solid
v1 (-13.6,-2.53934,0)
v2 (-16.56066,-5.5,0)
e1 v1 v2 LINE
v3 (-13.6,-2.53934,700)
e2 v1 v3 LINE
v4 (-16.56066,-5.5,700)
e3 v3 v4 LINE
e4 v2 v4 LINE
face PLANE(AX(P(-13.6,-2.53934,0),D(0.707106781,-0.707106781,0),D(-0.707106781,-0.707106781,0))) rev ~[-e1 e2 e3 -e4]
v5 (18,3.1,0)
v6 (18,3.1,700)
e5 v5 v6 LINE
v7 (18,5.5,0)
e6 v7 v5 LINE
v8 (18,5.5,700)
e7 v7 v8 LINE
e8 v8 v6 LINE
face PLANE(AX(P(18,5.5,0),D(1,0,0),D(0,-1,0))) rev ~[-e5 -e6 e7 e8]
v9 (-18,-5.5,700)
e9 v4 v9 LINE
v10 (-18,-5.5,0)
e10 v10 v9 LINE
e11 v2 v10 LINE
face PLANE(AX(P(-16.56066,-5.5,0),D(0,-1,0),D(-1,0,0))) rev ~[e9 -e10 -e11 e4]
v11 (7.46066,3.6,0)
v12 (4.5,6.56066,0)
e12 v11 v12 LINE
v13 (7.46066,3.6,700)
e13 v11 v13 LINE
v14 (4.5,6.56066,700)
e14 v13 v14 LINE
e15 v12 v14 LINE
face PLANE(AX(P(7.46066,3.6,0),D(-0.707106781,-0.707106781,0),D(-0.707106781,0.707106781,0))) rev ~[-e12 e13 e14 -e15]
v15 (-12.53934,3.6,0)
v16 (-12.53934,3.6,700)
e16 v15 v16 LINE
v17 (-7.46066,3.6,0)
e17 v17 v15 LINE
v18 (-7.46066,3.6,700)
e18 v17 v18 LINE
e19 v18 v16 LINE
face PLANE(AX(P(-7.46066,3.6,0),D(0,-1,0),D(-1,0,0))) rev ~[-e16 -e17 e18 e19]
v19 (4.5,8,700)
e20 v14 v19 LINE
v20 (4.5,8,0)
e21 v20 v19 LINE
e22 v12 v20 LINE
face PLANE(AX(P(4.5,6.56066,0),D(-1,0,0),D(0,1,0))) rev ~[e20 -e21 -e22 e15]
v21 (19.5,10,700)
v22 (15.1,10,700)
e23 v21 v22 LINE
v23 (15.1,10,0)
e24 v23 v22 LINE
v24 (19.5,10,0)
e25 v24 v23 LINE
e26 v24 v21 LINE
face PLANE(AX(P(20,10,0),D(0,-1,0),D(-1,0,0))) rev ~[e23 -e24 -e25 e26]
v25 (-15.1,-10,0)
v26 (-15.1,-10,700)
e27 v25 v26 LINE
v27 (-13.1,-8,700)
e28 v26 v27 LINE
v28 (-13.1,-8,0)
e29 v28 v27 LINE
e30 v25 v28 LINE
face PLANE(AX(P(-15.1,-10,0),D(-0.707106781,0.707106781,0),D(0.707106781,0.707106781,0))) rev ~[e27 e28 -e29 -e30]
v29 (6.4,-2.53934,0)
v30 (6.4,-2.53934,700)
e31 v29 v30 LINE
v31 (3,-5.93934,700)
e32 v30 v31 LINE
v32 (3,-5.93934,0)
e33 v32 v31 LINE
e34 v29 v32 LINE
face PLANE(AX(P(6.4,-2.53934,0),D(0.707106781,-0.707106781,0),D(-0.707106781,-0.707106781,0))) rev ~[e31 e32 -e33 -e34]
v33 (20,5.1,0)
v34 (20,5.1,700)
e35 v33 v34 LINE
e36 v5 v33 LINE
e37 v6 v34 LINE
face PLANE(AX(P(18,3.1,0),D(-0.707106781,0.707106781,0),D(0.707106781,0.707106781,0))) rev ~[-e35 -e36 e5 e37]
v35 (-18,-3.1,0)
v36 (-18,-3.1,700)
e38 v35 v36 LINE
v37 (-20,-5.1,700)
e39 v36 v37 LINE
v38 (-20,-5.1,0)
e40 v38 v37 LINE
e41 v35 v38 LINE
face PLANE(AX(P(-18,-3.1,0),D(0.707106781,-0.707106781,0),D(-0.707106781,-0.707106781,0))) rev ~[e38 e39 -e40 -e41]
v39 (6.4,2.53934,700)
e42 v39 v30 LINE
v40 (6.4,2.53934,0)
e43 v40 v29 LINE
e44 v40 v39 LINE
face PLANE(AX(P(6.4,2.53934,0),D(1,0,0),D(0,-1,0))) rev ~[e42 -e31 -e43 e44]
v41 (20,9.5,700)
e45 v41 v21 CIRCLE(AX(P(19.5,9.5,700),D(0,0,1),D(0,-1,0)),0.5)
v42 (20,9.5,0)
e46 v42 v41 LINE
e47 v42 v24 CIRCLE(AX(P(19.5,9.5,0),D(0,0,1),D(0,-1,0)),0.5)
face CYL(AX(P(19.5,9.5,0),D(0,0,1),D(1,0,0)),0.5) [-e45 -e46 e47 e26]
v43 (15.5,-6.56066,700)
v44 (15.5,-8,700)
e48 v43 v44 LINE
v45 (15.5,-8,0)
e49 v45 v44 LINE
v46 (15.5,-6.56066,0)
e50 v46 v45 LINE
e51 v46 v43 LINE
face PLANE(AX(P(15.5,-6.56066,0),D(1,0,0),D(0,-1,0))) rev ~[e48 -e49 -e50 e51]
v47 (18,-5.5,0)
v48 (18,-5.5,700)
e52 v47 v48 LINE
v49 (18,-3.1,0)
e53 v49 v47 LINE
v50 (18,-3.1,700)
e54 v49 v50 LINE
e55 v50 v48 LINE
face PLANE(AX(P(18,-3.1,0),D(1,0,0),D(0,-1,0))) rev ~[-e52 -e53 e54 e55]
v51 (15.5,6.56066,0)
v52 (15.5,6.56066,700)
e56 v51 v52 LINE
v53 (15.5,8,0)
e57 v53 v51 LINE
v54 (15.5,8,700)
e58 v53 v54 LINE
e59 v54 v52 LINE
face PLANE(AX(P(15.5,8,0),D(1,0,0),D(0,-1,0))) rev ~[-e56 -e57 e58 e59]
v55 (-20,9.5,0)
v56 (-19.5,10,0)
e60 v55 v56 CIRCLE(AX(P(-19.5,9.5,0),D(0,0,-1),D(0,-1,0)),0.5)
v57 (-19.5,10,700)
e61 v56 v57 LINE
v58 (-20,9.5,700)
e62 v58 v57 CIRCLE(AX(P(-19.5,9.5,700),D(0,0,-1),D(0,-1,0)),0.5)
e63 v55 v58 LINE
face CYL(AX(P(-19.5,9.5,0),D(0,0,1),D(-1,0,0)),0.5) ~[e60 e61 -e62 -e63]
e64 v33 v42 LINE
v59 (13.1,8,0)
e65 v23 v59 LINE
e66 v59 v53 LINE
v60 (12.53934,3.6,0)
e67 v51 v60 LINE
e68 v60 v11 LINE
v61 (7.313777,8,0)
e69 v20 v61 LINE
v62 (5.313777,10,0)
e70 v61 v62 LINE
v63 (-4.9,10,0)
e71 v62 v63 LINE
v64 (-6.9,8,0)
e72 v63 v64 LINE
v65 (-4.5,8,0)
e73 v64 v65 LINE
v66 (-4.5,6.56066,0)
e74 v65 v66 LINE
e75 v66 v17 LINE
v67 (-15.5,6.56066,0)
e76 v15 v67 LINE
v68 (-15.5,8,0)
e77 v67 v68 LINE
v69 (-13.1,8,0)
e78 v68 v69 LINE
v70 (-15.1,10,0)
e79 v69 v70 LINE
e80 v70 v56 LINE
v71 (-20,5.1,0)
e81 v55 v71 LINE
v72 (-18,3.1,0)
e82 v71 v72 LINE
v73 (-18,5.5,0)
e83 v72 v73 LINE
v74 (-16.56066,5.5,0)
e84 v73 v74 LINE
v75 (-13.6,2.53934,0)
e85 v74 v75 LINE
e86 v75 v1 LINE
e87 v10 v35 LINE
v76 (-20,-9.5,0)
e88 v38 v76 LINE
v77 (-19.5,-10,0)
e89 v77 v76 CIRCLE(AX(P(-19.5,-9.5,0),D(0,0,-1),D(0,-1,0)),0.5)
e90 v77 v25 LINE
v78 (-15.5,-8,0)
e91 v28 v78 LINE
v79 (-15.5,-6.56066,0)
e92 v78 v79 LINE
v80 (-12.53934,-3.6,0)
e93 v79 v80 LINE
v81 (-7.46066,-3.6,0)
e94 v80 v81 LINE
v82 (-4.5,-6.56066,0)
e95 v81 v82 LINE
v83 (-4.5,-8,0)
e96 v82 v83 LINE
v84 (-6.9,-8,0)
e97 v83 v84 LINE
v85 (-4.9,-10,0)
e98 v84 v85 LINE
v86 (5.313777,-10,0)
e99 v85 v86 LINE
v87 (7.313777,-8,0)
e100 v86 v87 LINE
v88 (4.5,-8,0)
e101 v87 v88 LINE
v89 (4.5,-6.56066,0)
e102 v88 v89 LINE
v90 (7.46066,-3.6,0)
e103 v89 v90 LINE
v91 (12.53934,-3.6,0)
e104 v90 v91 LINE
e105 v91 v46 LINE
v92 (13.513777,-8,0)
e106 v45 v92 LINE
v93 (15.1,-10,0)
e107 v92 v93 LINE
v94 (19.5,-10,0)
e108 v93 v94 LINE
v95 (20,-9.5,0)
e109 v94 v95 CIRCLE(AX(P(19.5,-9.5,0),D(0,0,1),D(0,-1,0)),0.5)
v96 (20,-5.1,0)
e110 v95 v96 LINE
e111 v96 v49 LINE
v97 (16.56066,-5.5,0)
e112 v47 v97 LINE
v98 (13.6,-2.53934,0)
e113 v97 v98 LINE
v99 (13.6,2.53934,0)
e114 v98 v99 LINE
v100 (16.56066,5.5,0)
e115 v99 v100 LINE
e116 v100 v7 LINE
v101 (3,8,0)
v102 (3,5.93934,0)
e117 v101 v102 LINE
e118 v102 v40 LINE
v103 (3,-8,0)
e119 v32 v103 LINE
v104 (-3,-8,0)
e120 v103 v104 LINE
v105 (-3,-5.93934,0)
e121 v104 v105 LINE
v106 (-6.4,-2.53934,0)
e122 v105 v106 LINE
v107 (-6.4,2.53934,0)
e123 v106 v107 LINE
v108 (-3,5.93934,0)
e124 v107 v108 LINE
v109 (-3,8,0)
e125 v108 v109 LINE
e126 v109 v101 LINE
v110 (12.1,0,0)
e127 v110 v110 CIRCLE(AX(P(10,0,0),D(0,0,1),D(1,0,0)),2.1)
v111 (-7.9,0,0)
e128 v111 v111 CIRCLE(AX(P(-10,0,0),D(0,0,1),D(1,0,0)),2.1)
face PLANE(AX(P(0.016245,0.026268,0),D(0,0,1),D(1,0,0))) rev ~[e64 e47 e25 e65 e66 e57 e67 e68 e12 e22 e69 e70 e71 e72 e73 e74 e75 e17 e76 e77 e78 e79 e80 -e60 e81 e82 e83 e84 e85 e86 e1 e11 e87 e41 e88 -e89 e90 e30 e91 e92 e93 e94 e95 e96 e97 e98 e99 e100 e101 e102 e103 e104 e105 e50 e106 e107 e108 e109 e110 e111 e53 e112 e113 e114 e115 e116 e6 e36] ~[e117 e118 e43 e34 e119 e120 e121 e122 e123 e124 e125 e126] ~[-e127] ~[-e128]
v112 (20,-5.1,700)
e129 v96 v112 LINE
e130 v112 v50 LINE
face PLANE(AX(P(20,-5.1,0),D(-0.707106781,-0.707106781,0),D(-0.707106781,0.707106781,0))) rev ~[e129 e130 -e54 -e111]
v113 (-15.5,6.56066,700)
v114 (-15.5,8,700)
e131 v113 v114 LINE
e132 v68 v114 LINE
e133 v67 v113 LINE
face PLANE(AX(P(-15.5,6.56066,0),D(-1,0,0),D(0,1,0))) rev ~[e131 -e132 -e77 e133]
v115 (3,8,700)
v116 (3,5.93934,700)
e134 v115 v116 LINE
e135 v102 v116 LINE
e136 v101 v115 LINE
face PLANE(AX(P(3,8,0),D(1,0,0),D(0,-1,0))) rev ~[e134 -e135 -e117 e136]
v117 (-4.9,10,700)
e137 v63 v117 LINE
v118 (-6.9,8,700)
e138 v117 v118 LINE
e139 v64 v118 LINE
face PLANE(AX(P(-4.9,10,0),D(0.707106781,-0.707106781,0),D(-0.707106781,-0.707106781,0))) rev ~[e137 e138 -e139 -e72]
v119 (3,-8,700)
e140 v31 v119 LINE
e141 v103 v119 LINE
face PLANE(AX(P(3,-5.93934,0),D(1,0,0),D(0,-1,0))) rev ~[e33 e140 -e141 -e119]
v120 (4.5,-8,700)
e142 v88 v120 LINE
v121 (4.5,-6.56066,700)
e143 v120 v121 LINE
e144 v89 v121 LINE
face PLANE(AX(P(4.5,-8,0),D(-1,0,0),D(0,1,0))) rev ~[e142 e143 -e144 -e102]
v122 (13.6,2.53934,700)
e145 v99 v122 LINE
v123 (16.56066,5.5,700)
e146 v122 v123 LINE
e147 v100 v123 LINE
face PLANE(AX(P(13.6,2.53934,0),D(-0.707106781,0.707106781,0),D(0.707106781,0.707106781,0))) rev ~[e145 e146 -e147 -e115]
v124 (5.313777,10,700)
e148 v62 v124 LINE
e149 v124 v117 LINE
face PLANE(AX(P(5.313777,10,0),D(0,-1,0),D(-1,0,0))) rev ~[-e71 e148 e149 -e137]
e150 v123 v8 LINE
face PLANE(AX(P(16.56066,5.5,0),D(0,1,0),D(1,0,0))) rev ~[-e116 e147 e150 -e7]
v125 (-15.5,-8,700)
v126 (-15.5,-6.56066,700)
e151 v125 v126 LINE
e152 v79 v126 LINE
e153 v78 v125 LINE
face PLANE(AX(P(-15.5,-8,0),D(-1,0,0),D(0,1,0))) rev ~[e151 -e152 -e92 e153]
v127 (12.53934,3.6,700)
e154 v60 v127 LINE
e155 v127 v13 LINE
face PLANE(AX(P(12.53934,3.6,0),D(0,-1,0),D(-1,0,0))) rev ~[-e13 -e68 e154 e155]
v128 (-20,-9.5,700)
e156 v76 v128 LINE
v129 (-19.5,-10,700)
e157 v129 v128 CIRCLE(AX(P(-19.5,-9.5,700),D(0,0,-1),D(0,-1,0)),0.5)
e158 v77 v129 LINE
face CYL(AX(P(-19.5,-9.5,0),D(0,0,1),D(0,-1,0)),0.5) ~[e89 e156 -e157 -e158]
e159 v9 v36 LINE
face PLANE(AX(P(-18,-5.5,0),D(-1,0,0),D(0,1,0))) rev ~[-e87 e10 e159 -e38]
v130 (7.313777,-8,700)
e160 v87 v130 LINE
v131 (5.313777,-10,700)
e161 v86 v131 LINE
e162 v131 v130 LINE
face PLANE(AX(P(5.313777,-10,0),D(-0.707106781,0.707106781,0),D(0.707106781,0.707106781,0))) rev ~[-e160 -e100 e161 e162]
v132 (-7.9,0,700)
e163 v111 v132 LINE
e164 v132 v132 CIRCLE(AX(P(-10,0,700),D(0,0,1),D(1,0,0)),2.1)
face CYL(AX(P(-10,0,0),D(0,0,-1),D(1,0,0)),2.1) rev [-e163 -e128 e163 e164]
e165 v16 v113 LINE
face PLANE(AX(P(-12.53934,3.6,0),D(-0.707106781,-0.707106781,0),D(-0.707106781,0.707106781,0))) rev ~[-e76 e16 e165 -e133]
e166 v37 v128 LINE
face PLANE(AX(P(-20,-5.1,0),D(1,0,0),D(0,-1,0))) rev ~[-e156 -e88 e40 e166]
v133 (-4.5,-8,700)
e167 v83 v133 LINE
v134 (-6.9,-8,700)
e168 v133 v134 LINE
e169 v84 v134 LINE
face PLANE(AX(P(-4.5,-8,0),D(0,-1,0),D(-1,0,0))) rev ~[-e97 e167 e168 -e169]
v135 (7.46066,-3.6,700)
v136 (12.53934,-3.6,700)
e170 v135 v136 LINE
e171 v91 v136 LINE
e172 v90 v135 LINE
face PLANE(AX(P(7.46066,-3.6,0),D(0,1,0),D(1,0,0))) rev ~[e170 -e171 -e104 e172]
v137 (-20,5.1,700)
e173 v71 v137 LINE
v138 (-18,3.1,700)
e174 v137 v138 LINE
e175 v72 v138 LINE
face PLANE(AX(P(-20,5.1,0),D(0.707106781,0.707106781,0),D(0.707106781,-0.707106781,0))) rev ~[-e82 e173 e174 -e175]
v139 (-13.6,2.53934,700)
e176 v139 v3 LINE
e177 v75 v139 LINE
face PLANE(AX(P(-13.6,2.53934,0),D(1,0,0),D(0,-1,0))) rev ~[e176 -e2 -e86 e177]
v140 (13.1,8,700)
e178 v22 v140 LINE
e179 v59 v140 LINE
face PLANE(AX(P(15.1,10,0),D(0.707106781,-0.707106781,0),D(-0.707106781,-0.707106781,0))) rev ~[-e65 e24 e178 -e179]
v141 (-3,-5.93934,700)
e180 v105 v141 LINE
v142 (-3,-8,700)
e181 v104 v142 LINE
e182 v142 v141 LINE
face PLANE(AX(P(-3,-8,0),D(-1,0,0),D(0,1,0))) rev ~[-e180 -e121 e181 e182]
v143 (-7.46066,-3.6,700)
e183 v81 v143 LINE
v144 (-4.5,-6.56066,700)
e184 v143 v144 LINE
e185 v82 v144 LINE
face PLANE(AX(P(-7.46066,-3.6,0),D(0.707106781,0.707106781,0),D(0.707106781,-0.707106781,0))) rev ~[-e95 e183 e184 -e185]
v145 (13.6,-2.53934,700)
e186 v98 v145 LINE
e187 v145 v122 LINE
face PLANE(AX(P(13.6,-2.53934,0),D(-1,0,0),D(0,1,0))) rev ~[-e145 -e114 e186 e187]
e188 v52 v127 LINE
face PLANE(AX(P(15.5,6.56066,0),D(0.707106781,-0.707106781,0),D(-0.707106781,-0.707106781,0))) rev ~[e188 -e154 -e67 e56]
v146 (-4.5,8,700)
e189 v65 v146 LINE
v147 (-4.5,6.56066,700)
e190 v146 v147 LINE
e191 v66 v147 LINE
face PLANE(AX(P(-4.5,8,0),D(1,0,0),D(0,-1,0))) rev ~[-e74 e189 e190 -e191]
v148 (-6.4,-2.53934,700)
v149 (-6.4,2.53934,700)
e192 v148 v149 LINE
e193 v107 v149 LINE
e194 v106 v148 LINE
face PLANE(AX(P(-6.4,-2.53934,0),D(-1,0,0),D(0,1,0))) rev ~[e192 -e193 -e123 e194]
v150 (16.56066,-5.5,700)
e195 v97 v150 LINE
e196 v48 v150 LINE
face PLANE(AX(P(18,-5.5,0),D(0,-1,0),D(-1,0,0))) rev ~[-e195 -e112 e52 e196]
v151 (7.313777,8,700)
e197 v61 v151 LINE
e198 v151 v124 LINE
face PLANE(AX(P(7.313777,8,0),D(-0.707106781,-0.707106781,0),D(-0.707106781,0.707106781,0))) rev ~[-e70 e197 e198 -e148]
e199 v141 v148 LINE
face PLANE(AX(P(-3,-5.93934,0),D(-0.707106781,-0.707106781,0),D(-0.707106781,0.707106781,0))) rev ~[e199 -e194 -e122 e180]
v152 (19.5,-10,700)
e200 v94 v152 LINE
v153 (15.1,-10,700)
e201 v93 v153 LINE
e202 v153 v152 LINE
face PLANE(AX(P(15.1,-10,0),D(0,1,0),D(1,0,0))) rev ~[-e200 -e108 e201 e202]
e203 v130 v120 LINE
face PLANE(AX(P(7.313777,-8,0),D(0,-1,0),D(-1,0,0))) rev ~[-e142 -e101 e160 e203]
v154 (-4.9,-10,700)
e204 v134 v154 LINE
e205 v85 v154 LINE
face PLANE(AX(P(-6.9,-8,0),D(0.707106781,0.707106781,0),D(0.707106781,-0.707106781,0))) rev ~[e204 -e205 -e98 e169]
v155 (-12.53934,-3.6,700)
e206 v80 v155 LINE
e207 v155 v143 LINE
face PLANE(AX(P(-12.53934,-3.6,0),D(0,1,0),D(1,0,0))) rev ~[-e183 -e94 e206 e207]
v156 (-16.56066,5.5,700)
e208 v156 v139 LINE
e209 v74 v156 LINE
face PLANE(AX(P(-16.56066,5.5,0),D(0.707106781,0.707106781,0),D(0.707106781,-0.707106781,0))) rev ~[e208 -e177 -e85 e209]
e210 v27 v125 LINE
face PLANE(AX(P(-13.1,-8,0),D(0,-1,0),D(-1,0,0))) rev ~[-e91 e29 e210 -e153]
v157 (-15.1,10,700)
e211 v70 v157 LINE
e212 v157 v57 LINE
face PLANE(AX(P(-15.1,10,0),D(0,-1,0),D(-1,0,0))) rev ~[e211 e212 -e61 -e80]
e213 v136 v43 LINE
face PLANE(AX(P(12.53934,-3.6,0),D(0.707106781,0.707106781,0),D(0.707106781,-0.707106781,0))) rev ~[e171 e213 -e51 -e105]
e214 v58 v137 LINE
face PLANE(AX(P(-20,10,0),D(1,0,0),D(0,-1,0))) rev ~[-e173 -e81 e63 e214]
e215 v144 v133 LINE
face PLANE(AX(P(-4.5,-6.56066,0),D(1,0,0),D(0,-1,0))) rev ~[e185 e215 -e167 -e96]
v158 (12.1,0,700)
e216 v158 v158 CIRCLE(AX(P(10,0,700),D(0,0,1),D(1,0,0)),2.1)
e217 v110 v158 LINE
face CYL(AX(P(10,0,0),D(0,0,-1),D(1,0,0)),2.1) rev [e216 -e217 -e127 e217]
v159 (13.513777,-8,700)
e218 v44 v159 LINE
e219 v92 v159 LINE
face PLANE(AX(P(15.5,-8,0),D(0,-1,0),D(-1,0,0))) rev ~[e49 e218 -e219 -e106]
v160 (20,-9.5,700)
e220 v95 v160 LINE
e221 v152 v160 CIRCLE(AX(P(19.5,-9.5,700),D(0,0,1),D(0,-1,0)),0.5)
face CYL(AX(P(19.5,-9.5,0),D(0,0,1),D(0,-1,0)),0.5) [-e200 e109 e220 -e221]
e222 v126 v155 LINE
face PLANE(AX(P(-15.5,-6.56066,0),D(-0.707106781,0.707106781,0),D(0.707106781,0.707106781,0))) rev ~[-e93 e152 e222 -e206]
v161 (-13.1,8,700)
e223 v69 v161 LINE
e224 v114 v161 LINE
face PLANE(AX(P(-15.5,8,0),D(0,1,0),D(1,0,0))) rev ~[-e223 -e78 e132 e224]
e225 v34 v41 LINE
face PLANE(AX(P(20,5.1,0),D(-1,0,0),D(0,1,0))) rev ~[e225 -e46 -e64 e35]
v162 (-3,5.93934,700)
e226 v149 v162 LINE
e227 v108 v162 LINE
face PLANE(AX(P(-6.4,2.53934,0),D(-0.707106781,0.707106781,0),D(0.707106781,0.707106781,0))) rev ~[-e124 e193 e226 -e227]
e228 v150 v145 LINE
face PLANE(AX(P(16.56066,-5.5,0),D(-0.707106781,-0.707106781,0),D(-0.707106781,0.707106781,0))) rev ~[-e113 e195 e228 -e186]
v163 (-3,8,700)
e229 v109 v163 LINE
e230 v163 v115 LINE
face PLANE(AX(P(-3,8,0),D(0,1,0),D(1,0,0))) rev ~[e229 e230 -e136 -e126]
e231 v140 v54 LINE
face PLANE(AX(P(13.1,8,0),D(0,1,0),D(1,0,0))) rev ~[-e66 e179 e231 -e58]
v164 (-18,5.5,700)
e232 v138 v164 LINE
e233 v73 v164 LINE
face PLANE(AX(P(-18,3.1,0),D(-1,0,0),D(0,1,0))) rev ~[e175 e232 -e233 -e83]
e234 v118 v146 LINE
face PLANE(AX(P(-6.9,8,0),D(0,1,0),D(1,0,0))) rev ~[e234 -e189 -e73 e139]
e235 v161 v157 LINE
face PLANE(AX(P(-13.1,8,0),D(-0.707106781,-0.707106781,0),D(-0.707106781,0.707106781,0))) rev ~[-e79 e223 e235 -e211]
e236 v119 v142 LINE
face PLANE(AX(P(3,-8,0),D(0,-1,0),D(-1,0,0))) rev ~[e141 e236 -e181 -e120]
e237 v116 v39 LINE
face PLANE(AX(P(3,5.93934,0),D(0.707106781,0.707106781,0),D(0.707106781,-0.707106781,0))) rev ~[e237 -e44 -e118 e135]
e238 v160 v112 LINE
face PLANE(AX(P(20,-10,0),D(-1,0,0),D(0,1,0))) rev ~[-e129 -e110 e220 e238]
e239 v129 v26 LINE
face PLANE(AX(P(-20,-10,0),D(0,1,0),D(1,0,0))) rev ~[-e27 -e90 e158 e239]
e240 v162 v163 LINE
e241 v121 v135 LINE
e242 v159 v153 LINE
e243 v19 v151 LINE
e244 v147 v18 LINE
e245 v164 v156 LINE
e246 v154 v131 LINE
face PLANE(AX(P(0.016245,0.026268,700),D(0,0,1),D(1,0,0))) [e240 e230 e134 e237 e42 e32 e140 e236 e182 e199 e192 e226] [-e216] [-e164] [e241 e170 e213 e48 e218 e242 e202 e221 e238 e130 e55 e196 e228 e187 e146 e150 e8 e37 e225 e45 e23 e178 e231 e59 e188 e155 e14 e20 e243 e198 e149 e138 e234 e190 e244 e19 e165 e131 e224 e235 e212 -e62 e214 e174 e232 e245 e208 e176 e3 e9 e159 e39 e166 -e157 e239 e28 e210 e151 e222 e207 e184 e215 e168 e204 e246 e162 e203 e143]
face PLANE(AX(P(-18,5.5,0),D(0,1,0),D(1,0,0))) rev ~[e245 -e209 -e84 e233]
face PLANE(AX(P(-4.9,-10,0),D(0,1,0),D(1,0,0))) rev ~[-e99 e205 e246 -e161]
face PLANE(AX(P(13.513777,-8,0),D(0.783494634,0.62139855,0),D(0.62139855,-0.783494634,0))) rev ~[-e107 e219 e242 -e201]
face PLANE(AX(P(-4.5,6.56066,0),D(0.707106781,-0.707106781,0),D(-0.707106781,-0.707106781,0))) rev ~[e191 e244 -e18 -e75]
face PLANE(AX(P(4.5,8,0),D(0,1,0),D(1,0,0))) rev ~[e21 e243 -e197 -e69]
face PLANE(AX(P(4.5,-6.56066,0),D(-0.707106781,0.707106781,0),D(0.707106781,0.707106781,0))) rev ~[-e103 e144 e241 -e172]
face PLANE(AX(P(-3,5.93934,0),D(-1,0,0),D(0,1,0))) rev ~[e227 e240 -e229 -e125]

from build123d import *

# Parameters (mm, degrees)
SKETCH1_R           = 2.1
BOSS_EXTRUDE1_DEPTH = 700
FILLET1_R           = 0.5


with BuildPart() as part:
    # Sketch1 → Boss-Extrude1 (new body)
    with BuildSketch(Plane.XY):
        Polygon((-20, -10), (-15.5, -10), (-15.1, -10), (-13.1, -8), (-15.5, -8), (-15.5, -6.560660172), (-12.539339828, -3.6), (-7.460660172, -3.6), (-4.5, -6.560660172), (-4.5, -8), (-6.9, -8), (-4.9, -10), (5.313777138, -10), (7.313777138, -8), (4.5, -8), (4.5, -6.560660172), (7.460660172, -3.6), (12.539339828, -3.6), (15.5, -6.560660172), (15.5, -8), (13.513777138, -8), (15.1, -10), (15.5, -10), (20, -10), (20, -5.5), (20, -5.1), (18, -3.1), (18, -5.5), (16.560660172, -5.5), (13.6, -2.539339828), (13.6, 2.539339828), (16.560660172, 5.5), (18, 5.5), (18, 3.1), (20, 5.1), (20, 5.5), (20, 10), (15.5, 10), (15.1, 10), (13.1, 8), (15.5, 8), (15.5, 6.560660172), (12.539339828, 3.6), (7.460660172, 3.6), (4.5, 6.560660172), (4.5, 8), (7.313777138, 8), (5.313777138, 10), (-4.9, 10), (-6.9, 8), (-4.5, 8), (-4.5, 6.560660172), (-7.460660172, 3.6), (-12.539339828, 3.6), (-15.5, 6.560660172), (-15.5, 8), (-13.1, 8), (-15.1, 10), (-15.5, 10), (-20, 10), (-20, 5.5), (-20, 5.1), (-18, 3.1), (-18, 5.5), (-16.560660172, 5.5), (-13.6, 2.539339828), (-13.6, -2.539339828), (-16.560660172, -5.5), (-18, -5.5), (-18, -3.1), (-20, -5.1), (-20, -5.5), align=None)
        with Locations((-10, 0)):
            Circle(SKETCH1_R, mode=Mode.SUBTRACT)
        with Locations((10, 0)):
            Circle(SKETCH1_R, mode=Mode.SUBTRACT)
        Polygon((3, -5.939339828), (3, -8), (-3, -8), (-3, -5.939339828), (-6.4, -2.539339828), (-6.4, 2.539339828), (-3, 5.939339828), (-3, 8), (3, 8), (3, 5.939339828), (6.4, 2.539339828), (6.4, -2.539339828), align=None, mode=Mode.SUBTRACT)
    extrude(amount=BOSS_EXTRUDE1_DEPTH)

    # Fillet1
    fillet1_edges = [part.edges().sort_by_distance(p)[0] for p in [
        (-20, 10, 350),
        (20, 10, 350),
        (20, -10, 350),
        (-20, -10, 350),
    ]]
    fillet(fillet1_edges, radius=FILLET1_R)


solid = part.part
